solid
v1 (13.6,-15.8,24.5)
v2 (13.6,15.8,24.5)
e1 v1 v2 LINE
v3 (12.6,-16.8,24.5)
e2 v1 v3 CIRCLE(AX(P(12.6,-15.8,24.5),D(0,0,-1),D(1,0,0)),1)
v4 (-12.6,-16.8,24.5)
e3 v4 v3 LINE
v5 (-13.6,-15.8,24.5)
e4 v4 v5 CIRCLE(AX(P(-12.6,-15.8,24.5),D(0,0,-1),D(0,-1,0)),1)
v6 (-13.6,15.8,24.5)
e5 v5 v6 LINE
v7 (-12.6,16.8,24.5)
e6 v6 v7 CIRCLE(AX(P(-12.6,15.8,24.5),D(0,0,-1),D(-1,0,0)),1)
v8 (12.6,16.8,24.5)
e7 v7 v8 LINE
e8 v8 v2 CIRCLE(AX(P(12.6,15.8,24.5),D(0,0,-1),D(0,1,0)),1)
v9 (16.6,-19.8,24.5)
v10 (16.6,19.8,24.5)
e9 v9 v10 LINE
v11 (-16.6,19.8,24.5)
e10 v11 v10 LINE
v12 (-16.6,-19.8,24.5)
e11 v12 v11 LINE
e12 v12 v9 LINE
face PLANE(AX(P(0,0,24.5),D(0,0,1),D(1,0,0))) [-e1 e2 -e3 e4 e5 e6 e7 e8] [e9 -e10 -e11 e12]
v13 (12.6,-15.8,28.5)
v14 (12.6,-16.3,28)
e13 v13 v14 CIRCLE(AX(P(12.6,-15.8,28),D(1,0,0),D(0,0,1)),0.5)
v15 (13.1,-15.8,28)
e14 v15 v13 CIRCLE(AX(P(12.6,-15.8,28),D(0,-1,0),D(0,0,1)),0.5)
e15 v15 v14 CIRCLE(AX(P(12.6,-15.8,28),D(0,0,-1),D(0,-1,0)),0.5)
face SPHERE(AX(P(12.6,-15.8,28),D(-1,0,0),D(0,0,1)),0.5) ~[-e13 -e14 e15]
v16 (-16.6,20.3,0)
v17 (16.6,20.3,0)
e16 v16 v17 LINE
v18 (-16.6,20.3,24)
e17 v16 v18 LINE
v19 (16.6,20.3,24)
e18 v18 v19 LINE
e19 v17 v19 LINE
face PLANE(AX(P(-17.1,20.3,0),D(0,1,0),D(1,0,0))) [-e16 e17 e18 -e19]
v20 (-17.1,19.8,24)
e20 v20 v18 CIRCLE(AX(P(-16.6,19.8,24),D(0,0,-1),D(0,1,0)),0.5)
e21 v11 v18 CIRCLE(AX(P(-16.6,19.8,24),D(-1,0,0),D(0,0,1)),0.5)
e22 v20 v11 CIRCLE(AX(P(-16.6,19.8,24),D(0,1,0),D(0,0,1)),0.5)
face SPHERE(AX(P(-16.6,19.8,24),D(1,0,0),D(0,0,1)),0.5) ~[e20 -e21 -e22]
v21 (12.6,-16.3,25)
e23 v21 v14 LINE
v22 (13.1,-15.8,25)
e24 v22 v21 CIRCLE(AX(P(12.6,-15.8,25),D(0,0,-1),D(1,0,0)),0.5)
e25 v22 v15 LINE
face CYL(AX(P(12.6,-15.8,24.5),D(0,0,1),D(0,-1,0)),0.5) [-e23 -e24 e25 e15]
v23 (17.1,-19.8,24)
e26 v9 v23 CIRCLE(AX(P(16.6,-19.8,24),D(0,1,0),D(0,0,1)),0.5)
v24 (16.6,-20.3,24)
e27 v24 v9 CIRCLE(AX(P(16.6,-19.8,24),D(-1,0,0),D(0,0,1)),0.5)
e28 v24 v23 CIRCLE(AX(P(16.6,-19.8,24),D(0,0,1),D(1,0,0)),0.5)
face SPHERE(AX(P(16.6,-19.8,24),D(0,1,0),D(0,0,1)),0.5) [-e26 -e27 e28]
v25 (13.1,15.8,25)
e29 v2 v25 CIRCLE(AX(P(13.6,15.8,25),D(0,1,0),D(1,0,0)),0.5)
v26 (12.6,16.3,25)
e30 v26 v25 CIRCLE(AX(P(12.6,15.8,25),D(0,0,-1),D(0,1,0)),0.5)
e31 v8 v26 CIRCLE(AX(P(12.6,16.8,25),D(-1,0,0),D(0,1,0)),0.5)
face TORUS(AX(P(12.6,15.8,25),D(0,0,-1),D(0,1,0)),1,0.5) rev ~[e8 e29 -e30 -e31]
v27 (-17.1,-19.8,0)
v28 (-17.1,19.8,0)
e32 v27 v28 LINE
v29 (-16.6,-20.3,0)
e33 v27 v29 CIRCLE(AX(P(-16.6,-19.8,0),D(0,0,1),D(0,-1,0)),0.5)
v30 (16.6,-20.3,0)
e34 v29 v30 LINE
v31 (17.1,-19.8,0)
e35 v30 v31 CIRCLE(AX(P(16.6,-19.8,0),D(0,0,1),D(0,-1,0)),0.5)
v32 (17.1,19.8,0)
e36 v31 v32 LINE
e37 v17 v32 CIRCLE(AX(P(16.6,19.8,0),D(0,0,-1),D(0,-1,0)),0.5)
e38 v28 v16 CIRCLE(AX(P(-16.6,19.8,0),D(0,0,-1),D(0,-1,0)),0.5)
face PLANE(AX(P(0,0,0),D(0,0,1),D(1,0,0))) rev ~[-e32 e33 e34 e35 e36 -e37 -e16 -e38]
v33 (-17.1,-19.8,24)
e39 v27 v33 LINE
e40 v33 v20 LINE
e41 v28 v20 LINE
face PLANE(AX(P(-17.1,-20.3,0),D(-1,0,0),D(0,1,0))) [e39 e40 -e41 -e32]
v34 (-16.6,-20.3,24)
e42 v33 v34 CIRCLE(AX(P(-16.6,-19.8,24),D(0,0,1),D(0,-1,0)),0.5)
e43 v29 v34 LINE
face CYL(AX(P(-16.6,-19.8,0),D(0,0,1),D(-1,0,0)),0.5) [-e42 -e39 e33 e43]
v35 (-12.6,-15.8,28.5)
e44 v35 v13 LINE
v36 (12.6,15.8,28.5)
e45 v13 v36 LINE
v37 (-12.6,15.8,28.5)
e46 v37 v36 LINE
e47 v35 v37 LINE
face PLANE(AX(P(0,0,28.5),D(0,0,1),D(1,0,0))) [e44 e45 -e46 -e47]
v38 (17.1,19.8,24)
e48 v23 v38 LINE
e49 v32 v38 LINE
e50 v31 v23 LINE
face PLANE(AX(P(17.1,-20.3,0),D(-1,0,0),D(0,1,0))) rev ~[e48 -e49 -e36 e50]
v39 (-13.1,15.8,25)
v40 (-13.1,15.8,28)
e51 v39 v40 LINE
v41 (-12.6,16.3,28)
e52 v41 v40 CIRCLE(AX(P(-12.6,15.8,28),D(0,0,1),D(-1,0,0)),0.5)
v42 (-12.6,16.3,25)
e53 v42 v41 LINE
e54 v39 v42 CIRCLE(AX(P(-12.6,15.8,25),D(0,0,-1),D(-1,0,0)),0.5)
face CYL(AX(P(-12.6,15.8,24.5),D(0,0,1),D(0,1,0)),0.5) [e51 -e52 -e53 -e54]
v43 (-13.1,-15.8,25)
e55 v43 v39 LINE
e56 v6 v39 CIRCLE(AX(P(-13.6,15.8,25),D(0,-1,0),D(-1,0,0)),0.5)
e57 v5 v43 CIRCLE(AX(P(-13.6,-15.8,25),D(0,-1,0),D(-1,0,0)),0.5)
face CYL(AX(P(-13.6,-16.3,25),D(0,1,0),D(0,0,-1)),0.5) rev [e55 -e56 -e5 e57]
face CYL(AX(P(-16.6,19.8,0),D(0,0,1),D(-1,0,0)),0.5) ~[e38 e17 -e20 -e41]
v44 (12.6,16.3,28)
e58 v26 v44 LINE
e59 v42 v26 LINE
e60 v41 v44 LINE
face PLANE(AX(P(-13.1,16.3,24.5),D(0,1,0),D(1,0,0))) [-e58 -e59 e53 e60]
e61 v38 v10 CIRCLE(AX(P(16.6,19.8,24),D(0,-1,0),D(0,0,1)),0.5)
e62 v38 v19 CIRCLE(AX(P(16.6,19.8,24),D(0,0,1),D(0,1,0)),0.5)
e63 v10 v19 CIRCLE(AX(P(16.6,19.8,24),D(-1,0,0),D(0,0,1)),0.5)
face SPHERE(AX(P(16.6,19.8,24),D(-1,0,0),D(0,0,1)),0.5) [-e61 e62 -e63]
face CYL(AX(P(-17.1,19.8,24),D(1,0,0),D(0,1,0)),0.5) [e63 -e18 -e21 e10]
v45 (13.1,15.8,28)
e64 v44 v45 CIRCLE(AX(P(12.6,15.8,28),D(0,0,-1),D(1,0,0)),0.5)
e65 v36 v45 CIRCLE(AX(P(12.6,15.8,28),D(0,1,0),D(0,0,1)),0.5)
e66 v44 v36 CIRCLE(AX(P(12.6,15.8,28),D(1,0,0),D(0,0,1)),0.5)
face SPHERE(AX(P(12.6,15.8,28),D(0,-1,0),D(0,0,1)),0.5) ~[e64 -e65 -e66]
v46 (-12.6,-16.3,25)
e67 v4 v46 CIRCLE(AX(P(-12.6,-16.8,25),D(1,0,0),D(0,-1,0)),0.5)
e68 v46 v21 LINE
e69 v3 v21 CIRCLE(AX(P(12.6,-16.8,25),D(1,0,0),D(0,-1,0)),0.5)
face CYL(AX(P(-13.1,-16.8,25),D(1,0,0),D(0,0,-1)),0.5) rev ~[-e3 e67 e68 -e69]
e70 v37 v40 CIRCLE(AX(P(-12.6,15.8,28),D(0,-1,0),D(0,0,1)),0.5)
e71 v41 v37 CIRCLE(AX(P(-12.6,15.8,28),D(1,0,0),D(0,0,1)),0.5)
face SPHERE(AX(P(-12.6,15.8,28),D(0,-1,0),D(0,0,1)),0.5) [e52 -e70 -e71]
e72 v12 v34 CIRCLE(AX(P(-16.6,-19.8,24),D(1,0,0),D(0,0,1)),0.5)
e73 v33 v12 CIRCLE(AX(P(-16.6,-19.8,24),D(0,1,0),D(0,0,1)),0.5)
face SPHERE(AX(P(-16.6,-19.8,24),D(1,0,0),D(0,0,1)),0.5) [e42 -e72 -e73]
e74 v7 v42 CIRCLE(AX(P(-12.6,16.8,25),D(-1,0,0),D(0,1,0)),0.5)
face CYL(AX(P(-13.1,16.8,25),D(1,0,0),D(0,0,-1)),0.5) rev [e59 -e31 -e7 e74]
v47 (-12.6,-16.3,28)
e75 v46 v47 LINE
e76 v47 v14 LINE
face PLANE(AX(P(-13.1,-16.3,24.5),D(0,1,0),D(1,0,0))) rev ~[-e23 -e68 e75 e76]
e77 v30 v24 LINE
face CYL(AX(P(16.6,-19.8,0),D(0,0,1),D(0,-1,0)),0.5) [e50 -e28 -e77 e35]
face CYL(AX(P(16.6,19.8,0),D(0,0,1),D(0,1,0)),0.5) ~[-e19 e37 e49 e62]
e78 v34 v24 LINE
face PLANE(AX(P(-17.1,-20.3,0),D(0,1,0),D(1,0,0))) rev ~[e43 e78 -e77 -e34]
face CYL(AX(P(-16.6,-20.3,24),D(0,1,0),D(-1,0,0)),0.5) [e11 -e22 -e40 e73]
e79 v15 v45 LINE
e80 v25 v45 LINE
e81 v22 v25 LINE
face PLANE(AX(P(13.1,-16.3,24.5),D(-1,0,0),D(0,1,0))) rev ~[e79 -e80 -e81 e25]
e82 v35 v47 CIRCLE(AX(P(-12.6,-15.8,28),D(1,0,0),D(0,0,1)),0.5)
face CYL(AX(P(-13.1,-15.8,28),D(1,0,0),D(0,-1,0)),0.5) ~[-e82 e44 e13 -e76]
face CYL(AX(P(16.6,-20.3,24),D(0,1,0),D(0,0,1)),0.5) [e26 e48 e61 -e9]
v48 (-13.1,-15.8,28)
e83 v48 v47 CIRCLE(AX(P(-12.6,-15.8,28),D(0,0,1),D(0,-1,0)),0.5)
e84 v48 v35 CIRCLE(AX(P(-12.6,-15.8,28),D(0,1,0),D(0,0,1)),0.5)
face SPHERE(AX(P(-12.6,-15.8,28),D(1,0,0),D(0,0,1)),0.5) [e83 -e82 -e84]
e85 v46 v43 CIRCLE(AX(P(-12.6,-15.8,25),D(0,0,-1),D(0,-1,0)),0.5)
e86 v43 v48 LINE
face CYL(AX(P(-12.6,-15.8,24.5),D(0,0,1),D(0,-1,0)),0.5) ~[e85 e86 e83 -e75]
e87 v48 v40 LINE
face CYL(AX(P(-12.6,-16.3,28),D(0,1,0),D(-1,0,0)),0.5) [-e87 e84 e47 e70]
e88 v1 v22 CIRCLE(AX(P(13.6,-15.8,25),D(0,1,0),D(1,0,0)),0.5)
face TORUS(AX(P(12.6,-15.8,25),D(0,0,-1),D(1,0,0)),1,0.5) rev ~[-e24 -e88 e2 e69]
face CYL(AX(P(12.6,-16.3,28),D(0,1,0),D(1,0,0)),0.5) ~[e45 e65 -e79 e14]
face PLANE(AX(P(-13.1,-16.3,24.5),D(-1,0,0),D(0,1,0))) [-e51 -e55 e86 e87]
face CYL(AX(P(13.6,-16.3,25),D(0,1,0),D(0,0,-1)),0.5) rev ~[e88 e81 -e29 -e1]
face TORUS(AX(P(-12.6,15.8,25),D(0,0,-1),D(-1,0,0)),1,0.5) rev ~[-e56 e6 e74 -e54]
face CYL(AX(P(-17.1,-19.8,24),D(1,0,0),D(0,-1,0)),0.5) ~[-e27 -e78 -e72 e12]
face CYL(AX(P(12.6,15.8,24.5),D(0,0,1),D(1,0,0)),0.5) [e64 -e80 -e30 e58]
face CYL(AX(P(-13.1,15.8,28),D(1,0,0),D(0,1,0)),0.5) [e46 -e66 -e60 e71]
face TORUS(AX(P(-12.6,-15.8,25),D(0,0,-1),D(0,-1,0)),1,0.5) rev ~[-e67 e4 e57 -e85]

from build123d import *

# Parameters (mm, degrees)
SKETCH_W     = 34.2
SKETCH_H     = 40.6
PAD_DEPTH    = 24.5
SKETCH001_W  = 26.2
SKETCH001_H  = 32.6
PAD001_DEPTH = 4
FILLET_R     = 0.5


with BuildPart() as part:
    # Sketch → Pad (new body)
    with BuildSketch(Plane.XY):
        Rectangle(SKETCH_W, SKETCH_H)
    extrude(amount=PAD_DEPTH)

    # Sketch001 (on Face6 of Pad) → Pad001 (join)
    with BuildSketch(Plane.XY.offset(24.5)):
        Rectangle(SKETCH001_W, SKETCH001_H)
    extrude(amount=PAD001_DEPTH)

    # Fillet
    fillet_edges = [part.edges().sort_by_distance(p)[0] for p in [
        (0, -16.3, 28.5),
        (-13.1, 0, 28.5),
        (13.1, 0, 28.5),
        (0, 16.3, 28.5),
        (0, 20.3, 24.5),
        (17.1, 0, 24.5),
        (0, -20.3, 24.5),
        (-17.1, 0, 24.5),
        (-13.1, -16.3, 26.5),
        (0, -16.3, 24.5),
        (13.1, -16.3, 26.5),
        (13.1, 0, 24.5),
        (13.1, 16.3, 26.5),
        (0, 16.3, 24.5),
        (-13.1, 16.3, 26.5),
        (-13.1, 0, 24.5),
        (-17.1, 20.3, 12.25),
        (17.1, -20.3, 12.25),
        (17.1, 20.3, 12.25),
        (-17.1, -20.3, 12.25),
    ]]
    fillet(fillet_edges, radius=FILLET_R)


solid = part.part
